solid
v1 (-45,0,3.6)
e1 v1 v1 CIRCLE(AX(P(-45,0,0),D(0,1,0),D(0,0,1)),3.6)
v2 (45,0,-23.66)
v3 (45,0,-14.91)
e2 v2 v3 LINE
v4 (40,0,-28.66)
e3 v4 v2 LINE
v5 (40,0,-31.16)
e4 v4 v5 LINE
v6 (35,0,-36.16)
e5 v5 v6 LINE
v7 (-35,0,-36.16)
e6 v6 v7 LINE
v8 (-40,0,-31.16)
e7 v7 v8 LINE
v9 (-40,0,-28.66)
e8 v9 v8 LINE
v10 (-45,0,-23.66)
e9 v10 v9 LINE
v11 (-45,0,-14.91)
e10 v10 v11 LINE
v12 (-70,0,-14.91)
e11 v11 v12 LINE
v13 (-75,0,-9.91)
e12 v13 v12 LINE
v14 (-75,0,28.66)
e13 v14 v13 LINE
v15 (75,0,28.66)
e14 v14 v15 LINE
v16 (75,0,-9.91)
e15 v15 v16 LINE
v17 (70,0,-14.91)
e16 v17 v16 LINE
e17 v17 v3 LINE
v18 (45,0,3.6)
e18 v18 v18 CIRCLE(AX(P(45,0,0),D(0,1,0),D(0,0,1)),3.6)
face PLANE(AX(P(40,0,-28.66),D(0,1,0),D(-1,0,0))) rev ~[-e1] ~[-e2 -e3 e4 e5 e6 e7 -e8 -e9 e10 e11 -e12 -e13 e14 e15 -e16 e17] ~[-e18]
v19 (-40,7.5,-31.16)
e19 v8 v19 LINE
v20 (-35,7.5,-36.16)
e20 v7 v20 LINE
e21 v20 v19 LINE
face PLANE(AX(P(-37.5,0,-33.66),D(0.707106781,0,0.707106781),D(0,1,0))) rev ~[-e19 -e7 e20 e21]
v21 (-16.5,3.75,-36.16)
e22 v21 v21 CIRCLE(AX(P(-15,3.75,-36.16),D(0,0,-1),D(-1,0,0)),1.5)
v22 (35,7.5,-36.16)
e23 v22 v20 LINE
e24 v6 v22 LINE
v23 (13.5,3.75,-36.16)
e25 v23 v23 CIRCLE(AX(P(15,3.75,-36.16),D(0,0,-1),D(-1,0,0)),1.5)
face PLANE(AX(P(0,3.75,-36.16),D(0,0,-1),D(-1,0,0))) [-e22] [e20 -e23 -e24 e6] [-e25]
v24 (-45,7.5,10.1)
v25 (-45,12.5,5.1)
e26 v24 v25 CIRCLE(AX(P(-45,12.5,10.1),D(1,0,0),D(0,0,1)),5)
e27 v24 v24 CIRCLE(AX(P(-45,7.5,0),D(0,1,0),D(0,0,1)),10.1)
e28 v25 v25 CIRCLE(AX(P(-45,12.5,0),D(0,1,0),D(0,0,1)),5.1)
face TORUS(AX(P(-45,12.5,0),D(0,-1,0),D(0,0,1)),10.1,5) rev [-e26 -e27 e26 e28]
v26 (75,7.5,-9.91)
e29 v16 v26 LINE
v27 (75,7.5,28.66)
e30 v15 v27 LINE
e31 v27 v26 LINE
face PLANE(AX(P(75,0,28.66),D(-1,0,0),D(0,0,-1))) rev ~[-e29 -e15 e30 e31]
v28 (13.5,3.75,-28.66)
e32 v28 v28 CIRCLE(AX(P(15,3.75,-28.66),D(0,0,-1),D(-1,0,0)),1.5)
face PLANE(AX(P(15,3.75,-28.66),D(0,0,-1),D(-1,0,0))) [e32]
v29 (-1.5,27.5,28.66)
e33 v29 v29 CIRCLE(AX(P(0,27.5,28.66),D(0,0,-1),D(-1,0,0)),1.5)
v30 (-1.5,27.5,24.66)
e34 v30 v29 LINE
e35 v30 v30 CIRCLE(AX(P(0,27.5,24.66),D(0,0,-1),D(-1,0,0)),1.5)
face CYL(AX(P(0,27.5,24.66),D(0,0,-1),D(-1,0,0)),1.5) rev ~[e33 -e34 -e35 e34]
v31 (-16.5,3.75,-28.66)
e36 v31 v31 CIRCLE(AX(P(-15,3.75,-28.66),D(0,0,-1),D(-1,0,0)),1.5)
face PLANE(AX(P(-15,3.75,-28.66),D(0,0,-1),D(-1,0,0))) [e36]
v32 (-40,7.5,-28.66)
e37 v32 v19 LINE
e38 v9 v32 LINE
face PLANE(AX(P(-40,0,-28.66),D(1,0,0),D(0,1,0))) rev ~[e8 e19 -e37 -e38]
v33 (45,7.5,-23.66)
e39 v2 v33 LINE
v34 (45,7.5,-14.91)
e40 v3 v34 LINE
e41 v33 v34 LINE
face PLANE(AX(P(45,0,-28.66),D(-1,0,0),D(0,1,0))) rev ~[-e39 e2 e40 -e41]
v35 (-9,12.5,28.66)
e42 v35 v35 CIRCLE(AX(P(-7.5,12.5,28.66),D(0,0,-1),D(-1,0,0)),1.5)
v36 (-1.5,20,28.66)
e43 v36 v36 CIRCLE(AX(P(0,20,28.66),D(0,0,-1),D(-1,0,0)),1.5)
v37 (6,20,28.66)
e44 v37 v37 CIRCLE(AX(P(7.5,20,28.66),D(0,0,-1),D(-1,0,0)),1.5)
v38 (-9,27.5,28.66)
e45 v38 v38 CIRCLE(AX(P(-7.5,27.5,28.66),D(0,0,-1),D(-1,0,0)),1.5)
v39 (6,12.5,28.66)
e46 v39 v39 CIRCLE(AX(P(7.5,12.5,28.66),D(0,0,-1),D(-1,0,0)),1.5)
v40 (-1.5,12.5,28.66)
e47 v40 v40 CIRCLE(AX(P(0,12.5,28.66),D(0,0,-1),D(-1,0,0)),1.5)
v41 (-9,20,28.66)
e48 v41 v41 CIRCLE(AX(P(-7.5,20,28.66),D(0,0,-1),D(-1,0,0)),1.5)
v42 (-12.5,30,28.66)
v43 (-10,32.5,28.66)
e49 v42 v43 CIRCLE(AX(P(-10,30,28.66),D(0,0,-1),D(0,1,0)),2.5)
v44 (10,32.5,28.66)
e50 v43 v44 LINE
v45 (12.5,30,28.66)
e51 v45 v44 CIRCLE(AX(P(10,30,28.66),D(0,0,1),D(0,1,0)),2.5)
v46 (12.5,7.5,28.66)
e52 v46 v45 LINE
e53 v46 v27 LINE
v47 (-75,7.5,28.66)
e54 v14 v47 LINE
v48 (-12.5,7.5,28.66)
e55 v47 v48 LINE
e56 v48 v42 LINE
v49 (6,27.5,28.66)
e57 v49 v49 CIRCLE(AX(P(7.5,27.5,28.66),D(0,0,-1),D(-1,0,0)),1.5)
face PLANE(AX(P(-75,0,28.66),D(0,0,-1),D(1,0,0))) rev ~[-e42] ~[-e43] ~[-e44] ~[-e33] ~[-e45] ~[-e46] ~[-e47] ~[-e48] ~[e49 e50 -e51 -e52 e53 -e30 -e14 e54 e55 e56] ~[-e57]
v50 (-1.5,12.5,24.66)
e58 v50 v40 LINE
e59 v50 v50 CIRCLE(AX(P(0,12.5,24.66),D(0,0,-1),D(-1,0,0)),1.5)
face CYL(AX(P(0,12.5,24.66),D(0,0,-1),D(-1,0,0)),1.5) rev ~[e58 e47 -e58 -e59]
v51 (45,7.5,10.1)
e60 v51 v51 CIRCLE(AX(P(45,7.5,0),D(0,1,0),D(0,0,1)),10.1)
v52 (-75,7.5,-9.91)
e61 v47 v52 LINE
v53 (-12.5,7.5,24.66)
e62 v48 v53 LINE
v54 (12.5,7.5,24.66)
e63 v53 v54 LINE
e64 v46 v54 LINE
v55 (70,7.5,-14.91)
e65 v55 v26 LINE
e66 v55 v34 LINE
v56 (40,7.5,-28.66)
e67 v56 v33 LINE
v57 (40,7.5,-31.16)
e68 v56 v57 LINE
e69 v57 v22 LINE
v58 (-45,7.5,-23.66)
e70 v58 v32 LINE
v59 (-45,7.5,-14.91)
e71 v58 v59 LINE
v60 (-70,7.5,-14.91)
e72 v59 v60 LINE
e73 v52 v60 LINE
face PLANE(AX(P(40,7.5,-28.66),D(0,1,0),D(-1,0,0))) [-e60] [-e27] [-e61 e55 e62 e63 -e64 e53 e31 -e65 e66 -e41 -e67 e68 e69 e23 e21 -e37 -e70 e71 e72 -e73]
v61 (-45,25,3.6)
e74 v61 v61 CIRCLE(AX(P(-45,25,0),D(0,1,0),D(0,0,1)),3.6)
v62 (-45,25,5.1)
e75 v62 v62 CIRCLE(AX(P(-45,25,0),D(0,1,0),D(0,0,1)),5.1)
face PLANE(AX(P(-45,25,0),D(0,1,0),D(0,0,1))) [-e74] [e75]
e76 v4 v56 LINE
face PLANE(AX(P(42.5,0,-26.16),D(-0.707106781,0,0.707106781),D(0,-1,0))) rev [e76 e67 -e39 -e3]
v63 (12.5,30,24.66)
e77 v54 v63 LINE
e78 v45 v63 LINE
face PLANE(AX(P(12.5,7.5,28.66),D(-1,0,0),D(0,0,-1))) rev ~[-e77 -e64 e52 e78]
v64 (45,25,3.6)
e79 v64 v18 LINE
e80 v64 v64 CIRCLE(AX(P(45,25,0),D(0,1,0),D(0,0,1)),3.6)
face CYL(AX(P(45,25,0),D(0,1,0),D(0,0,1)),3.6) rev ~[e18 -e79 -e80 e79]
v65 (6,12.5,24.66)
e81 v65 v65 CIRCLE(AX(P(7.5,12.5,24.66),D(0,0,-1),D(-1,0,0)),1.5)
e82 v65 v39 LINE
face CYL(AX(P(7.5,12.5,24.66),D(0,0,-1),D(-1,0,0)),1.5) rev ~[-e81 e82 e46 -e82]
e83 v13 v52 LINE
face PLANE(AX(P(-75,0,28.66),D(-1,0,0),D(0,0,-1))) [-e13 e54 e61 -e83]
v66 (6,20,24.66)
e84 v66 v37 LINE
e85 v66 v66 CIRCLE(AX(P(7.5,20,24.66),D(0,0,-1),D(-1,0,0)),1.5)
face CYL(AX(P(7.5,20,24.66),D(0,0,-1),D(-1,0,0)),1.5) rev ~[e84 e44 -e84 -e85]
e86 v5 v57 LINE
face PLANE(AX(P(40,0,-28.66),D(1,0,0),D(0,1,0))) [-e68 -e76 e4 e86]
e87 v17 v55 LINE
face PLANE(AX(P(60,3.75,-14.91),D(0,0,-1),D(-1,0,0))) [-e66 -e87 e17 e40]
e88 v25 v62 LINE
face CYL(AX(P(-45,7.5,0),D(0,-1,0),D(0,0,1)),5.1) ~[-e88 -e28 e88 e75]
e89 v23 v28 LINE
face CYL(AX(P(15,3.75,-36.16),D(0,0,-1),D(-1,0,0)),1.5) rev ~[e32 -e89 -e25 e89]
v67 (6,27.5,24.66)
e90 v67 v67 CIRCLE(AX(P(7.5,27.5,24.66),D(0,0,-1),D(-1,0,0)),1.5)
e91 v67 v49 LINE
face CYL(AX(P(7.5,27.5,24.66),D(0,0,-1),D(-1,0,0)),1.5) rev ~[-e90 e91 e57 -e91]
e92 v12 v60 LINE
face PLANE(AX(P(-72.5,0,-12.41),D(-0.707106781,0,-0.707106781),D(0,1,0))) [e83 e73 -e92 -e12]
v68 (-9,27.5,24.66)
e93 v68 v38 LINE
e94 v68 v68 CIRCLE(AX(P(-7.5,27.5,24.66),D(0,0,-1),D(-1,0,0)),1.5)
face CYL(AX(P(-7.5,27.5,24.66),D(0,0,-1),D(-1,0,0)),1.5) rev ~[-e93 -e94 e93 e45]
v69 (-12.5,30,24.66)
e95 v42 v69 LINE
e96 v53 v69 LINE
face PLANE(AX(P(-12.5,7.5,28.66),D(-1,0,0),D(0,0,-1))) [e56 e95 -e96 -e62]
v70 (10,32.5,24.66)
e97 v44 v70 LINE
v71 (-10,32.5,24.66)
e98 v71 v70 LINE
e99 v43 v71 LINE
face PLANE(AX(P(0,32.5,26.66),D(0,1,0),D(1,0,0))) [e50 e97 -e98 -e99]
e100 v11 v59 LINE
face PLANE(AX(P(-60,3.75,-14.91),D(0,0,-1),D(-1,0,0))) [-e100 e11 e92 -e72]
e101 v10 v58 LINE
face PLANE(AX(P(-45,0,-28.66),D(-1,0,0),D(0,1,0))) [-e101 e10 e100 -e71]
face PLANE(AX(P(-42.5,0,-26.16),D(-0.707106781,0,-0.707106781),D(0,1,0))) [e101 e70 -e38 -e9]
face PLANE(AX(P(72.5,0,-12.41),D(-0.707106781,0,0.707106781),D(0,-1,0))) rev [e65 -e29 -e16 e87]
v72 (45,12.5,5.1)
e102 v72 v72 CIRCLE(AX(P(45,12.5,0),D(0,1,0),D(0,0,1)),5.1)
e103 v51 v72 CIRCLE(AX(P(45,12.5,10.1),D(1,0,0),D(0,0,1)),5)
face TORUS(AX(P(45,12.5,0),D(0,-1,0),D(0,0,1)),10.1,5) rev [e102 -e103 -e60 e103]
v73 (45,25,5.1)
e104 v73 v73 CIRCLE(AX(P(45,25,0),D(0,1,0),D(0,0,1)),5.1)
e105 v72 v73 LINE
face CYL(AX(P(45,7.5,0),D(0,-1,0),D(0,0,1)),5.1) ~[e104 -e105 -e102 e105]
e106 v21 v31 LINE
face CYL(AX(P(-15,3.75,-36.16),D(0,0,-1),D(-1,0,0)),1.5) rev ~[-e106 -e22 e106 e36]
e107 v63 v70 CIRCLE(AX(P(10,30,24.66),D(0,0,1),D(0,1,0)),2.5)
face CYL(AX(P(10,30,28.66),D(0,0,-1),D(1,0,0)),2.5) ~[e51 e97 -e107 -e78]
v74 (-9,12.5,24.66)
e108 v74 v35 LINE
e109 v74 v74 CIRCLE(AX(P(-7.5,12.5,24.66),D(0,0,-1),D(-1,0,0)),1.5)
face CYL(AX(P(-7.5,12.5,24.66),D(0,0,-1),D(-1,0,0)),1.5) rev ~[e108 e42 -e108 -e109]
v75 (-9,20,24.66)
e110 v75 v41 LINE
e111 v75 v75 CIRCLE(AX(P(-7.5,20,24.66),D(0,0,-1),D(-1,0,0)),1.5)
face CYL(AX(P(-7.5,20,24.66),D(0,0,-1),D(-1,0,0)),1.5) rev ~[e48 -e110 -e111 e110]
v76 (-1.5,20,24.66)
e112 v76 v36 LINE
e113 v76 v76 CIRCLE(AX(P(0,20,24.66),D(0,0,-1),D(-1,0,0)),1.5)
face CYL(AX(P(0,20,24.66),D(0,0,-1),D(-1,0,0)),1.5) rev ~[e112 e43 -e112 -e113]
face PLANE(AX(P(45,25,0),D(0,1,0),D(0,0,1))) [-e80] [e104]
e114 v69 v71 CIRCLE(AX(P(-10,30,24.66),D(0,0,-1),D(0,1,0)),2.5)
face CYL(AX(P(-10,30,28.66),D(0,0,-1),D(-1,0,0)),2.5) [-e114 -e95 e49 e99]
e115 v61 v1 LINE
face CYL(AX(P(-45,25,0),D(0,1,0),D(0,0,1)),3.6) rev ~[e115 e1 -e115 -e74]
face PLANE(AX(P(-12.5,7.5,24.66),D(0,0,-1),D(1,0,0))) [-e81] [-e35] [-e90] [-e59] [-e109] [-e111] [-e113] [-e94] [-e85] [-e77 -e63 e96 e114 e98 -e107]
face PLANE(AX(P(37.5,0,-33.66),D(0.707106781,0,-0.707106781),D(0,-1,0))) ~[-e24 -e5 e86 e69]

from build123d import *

# Parameters (mm, degrees)
SKETCH1_W           = 150
SKETCH1_H           = 57.32
BOSS_EXTRUDE1_DEPTH = 7.5
SKETCH2_R           = 5.1
BOSS_EXTRUDE2_DEPTH = 17.5
FILLET1_R           = 5
SKETCH3_R           = 3.6
CUT_EXTRUDE1_DEPTH  = 25
SKETCH4_W           = 30
SKETCH4_H           = 7.5
CUT_EXTRUDE2_DEPTH  = 13.75
CHAMFER1_SIZE       = 5
SKETCH5_W           = 80
SKETCH5_H           = 7.5
BOSS_EXTRUDE3_DEPTH = 7.5
CHAMFER2_SIZE       = 5
SKETCH6_R           = 1.5
CUT_EXTRUDE3_DEPTH  = 7.5
SKETCH7_W           = 25
SKETCH7_H           = 4
BOSS_EXTRUDE4_DEPTH = 25
SKETCH8_R           = 1.5
CUT_EXTRUDE4_DEPTH  = 5
FILLET2_R           = 2.5


with BuildPart() as part:
    # Sketch1 → Boss-Extrude1 (new body)
    with BuildSketch(Plane(origin=(0, 0, 0), x_dir=(1, 0, 0), z_dir=(0, 1, 0))):
        Rectangle(SKETCH1_W, SKETCH1_H)
    extrude(amount=BOSS_EXTRUDE1_DEPTH)

    # Sketch2 → Boss-Extrude2 (add)
    with BuildSketch(Plane(origin=(0, 7.5, 0), x_dir=(1, 0, 0), z_dir=(0, 1, 0))):
        with Locations(Location((-45, 0, 0), (0, 0, 270))):
            Circle(SKETCH2_R)
        with Locations(Location((45, 0, 0), (0, 0, 270))):
            Circle(SKETCH2_R)
    extrude(amount=BOSS_EXTRUDE2_DEPTH)

    # Fillet1
    fillet1_edges = [part.edges().sort_by_distance(p)[0] for p in [
        (-45, 7.5, -5.1),
        (45, 7.5, -5.1),
    ]]
    fillet(fillet1_edges, radius=FILLET1_R)

    # Sketch3 → Cut-Extrude1 (cut)
    with BuildSketch(Plane(origin=(0, 25, 0), x_dir=(1, 0, 0), z_dir=(0, 1, 0))):
        with Locations(Location((-45, 0, 0), (0, 0, 270))):
            Circle(SKETCH3_R)
        with Locations(Location((45, 0, 0), (0, 0, 270))):
            Circle(SKETCH3_R)
    extrude(amount=-CUT_EXTRUDE1_DEPTH, mode=Mode.SUBTRACT)

    # Sketch4 → Cut-Extrude2 (cut)
    with BuildSketch(Plane(origin=(0, 0, -28.66), x_dir=(-1, 0, 0), z_dir=(0, 0, -1))):
        with Locations((-60, 3.75)):
            Rectangle(SKETCH4_W, SKETCH4_H)
        with Locations((60, 3.75)):
            Rectangle(SKETCH4_W, SKETCH4_H)
    extrude(amount=-CUT_EXTRUDE2_DEPTH, mode=Mode.SUBTRACT)

    # Chamfer1
    chamfer1_edges = [part.edges().sort_by_distance(p)[0] for p in [
        (75, 3.75, -14.91),
        (45, 3.75, -28.66),
        (-75, 3.75, -14.91),
        (-45, 3.75, -28.66),
    ]]
    chamfer(chamfer1_edges, length=CHAMFER1_SIZE)

    # Sketch5 → Boss-Extrude3 (add)
    with BuildSketch(Plane(origin=(0, 0, -28.66), x_dir=(-1, 0, 0), z_dir=(0, 0, -1))):
        with Locations((0, 3.75)):
            Rectangle(SKETCH5_W, SKETCH5_H)
    extrude(amount=BOSS_EXTRUDE3_DEPTH)

    # Chamfer2
    chamfer2_edges = [part.edges().sort_by_distance(p)[0] for p in [
        (40, 3.75, -36.16),
        (-40, 3.75, -36.16),
    ]]
    chamfer(chamfer2_edges, length=CHAMFER2_SIZE)

    # Sketch6 → Cut-Extrude3 (cut)
    with BuildSketch(Plane(origin=(0, 0, -36.16), x_dir=(-1, 0, 0), z_dir=(0, 0, -1))):
        with Locations((-15, 3.75)):
            Circle(SKETCH6_R)
        with Locations((15, 3.75)):
            Circle(SKETCH6_R)
    extrude(amount=-CUT_EXTRUDE3_DEPTH, mode=Mode.SUBTRACT)

    # Sketch7 → Boss-Extrude4 (add)
    with BuildSketch(Plane(origin=(0, 7.5, 0), x_dir=(1, 0, 0), z_dir=(0, 1, 0))):
        with Locations((0, -26.66)):
            Rectangle(SKETCH7_W, SKETCH7_H)
    extrude(amount=BOSS_EXTRUDE4_DEPTH)

    # Sketch8 → Cut-Extrude4 (cut)
    with BuildSketch(Plane(origin=(0, 0, 24.66), x_dir=(-1, 0, 0), z_dir=(0, 0, -1))):
        with Locations((-7.5, 20)):
            Circle(SKETCH8_R)
        with Locations((0, 20)):
            Circle(SKETCH8_R)
        with Locations((-7.5, 27.5)):
            Circle(SKETCH8_R)
        with Locations((0, 27.5)):
            Circle(SKETCH8_R)
        with Locations((7.5, 27.5)):
            Circle(SKETCH8_R)
        with Locations((7.5, 20)):
            Circle(SKETCH8_R)
        with Locations((-7.5, 12.5)):
            Circle(SKETCH8_R)
        with Locations((0, 12.5)):
            Circle(SKETCH8_R)
        with Locations((7.5, 12.5)):
            Circle(SKETCH8_R)
    extrude(amount=-CUT_EXTRUDE4_DEPTH, mode=Mode.SUBTRACT)

    # Fillet2
    fillet2_edges = [part.edges().sort_by_distance(p)[0] for p in [
        (-12.5, 32.5, 26.66),
        (12.5, 32.5, 26.66),
    ]]
    fillet(fillet2_edges, radius=FILLET2_R)


solid = part.part
